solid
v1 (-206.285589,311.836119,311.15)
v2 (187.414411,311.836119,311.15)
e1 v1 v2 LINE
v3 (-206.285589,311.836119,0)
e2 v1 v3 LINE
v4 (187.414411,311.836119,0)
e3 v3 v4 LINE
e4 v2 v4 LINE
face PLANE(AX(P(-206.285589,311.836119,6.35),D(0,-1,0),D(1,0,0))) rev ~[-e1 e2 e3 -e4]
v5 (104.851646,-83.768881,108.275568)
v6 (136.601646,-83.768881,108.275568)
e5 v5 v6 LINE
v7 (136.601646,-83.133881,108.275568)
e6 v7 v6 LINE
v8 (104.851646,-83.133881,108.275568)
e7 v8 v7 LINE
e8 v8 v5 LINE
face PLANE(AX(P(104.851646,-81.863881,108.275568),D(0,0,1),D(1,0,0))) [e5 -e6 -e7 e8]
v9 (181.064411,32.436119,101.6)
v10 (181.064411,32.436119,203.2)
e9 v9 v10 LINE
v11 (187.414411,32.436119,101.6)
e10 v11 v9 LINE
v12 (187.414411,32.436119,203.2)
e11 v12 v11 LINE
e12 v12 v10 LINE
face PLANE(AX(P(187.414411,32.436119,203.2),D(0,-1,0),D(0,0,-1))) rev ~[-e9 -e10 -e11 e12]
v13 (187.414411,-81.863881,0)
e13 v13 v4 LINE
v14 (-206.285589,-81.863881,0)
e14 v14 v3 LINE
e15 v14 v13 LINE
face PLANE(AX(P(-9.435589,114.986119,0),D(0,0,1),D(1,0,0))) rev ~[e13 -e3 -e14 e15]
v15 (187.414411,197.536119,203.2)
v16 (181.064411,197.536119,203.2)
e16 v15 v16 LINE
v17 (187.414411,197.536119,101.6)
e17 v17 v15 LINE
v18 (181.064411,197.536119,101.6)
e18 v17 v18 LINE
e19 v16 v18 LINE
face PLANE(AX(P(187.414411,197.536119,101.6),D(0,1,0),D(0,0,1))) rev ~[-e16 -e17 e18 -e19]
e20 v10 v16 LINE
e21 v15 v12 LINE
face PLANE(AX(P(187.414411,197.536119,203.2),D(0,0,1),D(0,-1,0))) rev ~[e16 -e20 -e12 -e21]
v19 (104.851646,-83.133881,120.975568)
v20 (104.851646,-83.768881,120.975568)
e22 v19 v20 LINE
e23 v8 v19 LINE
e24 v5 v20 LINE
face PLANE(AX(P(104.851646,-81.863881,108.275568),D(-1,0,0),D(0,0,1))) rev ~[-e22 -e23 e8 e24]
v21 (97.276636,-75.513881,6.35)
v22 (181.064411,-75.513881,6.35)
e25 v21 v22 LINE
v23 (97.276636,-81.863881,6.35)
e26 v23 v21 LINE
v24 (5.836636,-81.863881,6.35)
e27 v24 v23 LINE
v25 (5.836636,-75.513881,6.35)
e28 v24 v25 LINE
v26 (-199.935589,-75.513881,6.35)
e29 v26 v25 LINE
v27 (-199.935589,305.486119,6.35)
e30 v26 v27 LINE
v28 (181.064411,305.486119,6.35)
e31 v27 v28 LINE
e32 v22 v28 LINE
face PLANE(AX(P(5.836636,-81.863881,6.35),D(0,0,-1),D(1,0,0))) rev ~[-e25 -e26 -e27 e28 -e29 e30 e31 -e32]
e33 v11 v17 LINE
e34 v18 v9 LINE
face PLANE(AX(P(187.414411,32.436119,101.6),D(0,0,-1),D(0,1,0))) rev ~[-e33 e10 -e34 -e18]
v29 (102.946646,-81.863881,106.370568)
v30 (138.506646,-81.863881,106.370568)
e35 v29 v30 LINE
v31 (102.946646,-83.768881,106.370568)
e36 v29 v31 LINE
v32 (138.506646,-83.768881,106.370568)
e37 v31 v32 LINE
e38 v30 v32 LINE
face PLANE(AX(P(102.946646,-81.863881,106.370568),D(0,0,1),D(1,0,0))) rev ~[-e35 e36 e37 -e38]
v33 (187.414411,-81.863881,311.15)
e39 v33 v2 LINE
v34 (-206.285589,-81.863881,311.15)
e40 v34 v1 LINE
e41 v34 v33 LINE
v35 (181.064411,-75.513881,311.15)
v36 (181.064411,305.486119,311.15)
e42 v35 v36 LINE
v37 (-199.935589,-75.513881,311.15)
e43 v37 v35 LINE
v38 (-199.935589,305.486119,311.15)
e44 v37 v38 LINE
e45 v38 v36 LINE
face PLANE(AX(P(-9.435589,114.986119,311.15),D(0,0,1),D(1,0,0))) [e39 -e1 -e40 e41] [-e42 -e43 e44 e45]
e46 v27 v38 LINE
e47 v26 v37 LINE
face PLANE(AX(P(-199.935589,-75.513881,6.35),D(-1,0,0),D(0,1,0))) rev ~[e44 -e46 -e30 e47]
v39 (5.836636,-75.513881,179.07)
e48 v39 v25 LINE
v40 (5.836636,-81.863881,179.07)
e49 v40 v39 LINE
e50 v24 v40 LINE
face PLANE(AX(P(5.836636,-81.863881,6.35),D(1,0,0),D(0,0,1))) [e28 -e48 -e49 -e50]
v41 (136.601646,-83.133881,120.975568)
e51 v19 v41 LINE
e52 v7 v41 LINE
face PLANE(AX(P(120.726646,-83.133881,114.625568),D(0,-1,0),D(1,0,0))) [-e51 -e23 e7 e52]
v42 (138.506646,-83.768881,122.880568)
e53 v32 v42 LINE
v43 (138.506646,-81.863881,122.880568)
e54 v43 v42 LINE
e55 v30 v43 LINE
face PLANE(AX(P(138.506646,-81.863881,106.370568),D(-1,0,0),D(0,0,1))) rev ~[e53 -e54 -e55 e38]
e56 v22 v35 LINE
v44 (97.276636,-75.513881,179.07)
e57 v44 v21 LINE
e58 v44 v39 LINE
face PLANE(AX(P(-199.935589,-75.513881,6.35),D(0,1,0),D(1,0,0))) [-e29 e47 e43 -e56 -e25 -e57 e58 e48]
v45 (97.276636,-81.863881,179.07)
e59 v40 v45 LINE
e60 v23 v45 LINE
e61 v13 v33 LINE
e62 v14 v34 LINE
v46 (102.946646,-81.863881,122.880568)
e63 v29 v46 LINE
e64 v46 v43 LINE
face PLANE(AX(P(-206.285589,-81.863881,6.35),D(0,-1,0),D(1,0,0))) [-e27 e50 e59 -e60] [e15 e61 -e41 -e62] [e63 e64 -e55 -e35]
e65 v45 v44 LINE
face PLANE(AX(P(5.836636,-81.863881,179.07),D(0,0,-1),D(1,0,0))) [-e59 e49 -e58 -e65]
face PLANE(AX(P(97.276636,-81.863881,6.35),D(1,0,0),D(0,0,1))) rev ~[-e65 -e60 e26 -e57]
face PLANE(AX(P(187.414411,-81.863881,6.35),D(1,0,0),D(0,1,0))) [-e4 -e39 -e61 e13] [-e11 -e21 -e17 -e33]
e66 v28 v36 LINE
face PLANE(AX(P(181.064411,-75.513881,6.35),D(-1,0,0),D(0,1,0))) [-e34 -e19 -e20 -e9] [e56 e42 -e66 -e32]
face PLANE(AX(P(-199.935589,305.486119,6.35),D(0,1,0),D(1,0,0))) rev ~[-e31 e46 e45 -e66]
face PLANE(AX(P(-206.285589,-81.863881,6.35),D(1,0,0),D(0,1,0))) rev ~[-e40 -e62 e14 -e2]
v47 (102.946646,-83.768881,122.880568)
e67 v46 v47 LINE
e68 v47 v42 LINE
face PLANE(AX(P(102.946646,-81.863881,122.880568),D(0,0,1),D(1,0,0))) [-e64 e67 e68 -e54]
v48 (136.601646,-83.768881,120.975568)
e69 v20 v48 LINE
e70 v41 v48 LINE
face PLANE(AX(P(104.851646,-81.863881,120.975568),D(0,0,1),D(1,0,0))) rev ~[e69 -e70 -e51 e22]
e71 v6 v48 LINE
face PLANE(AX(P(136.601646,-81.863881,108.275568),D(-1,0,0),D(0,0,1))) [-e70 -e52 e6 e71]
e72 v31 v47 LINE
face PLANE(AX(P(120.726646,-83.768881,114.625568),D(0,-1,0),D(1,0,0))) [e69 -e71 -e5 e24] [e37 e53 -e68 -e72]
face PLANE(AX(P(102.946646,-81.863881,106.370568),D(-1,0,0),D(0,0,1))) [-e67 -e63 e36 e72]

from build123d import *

# Parameters (mm, degrees)
F0_W          = 381
F0_H          = 381
F1_DEPTH      = 6.35
F2_W          = 393.7
F2_H          = 393.7
F2_W_2        = 381
F2_H_2        = 381
F3_DEPTH      = 304.8
F3_DEPTH_BACK = 6.35
F4_W          = 91.44
F4_H          = 172.72
F5_DEPTH      = 25.4
F6_W          = 165.1
F6_H          = 50.8
F7_DEPTH      = 25.4
F8_W          = 31.75
F8_H          = 12.7
F9_DEPTH      = 1.27
F8_W_2        = 35.56
F8_H_2        = 16.51
F10_DEPTH     = 1.905


with BuildPart() as f1:
    # F0 (on Top) → F1 (new body)
    with BuildSketch(Plane.XY):
        with Locations((-9.435589, 114.986119)):
            Rectangle(F0_W, F0_H)
    extrude(amount=F1_DEPTH)

    # F2 (on face) → F3 (join, two sides)
    with BuildSketch(Plane.XY.offset(6.35)) as f3_sk:
        with Locations((-9.435589, 114.986119)):
            Rectangle(F2_W, F2_H)
        with Locations((-9.435589, 114.986119)):
            Rectangle(F2_W_2, F2_H_2, mode=Mode.SUBTRACT)
    extrude(amount=F3_DEPTH)
    extrude(f3_sk.sketch, amount=-F3_DEPTH_BACK)

    # F4 (on face) → F5 (cut)
    with BuildSketch(Plane.XZ.offset(81.863881)):
        with Locations((51.556636, 92.71)):
            Rectangle(F4_W, F4_H)
    extrude(amount=-F5_DEPTH, mode=Mode.SUBTRACT)

    # F6 (on face) → F7 (cut)
    with BuildSketch(Plane.YZ.offset(187.414411)):
        Polygon((32.436119, 155.575), (32.436119, 152.4), (197.536119, 152.4), (197.536119, 203.2), (32.436119, 203.2), align=None)
        with Locations((114.986119, 127)):
            Rectangle(F6_W, F6_H)
    extrude(amount=-F7_DEPTH, mode=Mode.SUBTRACT)

    # F8 (on face) → F9 (join)
    with BuildSketch(Plane.XZ.offset(81.863881)):
        with Locations((120.726646, 114.625568)):
            Rectangle(F8_W, F8_H)
    extrude(amount=F9_DEPTH)

    # F8 (on face) → F10 (join)
    with BuildSketch(Plane.XZ.offset(81.863881)):
        with Locations((120.726646, 114.625568)):
            Rectangle(F8_W_2, F8_H_2)
        with Locations((120.726646, 114.625568)):
            Rectangle(F8_W, F8_H, mode=Mode.SUBTRACT)
    extrude(amount=F10_DEPTH)


solid = f1.part
